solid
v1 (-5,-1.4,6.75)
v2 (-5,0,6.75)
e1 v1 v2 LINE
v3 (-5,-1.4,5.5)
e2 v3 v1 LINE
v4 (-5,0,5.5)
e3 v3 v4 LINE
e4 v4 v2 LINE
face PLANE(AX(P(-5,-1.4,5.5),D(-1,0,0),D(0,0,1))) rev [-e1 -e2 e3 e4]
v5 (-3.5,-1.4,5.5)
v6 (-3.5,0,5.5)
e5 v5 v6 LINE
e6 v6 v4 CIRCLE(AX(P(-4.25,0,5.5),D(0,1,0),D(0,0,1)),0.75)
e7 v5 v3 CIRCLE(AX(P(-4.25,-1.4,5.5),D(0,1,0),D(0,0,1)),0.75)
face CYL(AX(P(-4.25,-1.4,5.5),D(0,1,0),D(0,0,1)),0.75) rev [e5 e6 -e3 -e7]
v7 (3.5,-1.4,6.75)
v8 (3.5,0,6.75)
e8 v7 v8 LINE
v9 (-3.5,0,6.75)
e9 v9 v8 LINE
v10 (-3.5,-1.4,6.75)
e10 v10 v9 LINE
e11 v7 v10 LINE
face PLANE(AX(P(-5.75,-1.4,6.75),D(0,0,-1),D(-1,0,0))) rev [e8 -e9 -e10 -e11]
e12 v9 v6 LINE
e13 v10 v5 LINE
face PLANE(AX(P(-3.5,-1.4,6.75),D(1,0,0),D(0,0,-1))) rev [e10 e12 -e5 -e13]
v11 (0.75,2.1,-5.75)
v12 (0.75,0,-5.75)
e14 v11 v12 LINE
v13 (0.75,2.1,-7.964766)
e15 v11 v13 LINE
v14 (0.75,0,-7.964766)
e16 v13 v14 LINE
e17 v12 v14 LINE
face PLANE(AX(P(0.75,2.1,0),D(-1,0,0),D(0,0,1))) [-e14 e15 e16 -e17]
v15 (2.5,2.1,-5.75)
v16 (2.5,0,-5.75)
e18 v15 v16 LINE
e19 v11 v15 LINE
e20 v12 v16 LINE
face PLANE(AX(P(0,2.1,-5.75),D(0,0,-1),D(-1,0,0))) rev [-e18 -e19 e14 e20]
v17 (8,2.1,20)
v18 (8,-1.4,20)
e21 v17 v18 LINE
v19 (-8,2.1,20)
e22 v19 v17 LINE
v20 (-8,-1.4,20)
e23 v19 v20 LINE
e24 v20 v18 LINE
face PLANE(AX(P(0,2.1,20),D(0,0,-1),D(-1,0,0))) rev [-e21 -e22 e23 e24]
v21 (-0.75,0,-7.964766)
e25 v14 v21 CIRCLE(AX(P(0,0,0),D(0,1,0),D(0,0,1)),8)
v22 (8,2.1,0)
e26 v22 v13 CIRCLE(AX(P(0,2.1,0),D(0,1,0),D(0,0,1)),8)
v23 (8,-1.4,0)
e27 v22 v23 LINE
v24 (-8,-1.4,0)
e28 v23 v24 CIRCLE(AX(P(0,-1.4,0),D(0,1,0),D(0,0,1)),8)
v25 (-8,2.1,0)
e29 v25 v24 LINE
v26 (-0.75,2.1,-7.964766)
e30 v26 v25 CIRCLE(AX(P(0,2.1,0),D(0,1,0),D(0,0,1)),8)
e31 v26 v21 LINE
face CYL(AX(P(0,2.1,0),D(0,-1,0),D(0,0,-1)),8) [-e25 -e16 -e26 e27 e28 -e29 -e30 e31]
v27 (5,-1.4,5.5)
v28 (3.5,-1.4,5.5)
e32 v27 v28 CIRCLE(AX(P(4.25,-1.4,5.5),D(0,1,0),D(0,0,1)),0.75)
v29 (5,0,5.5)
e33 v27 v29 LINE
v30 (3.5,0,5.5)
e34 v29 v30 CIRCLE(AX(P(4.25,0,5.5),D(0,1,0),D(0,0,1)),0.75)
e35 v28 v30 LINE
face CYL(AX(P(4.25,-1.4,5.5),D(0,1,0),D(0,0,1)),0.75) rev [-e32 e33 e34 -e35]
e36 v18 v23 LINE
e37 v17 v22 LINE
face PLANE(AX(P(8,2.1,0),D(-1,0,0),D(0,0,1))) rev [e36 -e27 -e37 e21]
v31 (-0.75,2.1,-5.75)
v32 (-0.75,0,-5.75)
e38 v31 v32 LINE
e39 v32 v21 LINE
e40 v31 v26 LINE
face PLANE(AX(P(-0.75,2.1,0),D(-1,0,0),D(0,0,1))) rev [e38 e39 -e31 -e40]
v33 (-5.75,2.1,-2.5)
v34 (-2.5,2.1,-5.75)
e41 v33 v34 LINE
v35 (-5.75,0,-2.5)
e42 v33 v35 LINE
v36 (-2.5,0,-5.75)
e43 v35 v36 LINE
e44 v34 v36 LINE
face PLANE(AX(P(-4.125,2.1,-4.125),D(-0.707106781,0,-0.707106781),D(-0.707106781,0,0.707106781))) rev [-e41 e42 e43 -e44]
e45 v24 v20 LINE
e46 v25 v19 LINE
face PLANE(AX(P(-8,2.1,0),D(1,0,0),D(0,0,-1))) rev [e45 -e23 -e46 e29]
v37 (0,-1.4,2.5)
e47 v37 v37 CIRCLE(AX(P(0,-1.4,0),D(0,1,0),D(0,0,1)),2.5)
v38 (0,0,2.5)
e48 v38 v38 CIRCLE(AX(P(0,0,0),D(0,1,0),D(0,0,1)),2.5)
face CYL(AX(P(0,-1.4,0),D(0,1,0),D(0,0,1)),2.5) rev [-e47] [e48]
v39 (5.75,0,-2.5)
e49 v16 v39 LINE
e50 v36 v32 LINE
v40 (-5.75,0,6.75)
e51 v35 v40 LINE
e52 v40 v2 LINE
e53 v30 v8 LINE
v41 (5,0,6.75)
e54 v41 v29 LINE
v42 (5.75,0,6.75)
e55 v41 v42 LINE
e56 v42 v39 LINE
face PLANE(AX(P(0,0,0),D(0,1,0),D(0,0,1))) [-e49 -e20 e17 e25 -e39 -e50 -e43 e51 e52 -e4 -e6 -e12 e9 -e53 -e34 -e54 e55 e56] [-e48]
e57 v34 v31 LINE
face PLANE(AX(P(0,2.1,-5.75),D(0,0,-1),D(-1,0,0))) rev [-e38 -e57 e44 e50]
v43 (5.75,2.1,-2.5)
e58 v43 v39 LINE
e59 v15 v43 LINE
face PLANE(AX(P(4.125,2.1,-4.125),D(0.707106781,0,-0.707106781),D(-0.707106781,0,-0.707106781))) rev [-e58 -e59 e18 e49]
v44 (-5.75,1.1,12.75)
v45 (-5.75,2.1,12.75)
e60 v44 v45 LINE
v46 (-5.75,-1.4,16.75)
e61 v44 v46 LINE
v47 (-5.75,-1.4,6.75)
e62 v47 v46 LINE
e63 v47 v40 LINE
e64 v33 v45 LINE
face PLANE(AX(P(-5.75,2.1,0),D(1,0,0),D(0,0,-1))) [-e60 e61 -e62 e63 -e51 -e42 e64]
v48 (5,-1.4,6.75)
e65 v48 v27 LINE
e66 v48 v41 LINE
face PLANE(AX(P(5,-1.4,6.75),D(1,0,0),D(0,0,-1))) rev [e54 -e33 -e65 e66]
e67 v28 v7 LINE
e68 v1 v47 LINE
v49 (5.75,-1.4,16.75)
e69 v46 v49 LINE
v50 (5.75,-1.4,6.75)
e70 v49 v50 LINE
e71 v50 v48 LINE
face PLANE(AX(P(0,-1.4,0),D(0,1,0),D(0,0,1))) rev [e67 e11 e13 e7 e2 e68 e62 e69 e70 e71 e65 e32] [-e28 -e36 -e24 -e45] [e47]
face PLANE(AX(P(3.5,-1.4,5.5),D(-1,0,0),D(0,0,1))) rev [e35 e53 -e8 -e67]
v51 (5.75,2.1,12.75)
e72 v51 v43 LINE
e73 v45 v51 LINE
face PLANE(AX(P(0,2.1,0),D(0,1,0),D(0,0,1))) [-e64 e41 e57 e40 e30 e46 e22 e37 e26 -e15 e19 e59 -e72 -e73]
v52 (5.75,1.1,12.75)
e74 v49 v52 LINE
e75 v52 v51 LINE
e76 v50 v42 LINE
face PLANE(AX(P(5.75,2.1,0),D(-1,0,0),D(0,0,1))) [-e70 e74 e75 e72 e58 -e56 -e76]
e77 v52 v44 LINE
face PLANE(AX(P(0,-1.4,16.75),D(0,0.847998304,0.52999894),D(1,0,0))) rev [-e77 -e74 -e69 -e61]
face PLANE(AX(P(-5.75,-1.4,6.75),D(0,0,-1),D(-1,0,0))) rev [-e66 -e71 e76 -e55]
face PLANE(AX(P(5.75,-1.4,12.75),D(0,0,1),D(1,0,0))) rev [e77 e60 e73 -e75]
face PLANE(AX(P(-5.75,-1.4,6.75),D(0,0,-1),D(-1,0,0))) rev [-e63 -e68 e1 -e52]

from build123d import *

# Parameters (mm, degrees)
BOSS_EXTRUDE1_DEPTH = 2.1
BOSS_EXTRUDE2_START = -1.4
SKETCH2_R           = 2.5
BOSS_EXTRUDE2_DEPTH = 1.4
SKETCH3_W           = 11.5
SKETCH3_H           = 6
CUT_EXTRUDE1_DEPTH  = 22.823152843
CHAMFER1_SIZE       = 2.5
CHAMFER1_SIZE2      = 4


with BuildPart() as part:
    # Sketch1 → Boss-Extrude1 (new body)
    with BuildSketch(Plane(origin=(0, 0, 0), x_dir=(1, 0, 0), z_dir=(0, 1, 0))):
        with BuildLine():
            Line((-5.75, 2.5), (-2.5, 5.75))
            Line((-2.5, 5.75), (-0.75, 5.75))
            Line((-0.75, 5.75), (-0.75, 7.964766161))
            ThreePointArc((-0.75, 7.964766161), (-5.916079783, 5.385164807), (-8, 0))
            Line((-8, 0), (-8, -20))
            Line((-8, -20), (8, -20))
            Line((8, -20), (8, 0))
            ThreePointArc((8, 0), (5.916079783, 5.385164807), (0.75, 7.964766161))
            Line((0.75, 7.964766161), (0.75, 5.75))
            Line((0.75, 5.75), (2.5, 5.75))
            Line((2.5, 5.75), (5.75, 2.5))
            Line((5.75, 2.5), (5.75, -6.75))
            Line((5.75, -6.75), (-5.75, -6.75))
            Line((-5.75, -6.75), (-5.75, 2.5))
        make_face()
    extrude(amount=BOSS_EXTRUDE1_DEPTH)

    # Sketch2 → Boss-Extrude2 (add)
    with BuildSketch(Plane(origin=(0, 0, 0), x_dir=(1, 0, 0), z_dir=(0, 1, 0)).offset(BOSS_EXTRUDE2_START)):
        with BuildLine():
            Line((8, 0), (8, -20))
            Line((8, -20), (-8, -20))
            Line((-8, -20), (-8, 0))
            ThreePointArc((-8, 0), (0, 8), (8, 0))
        make_face()
        with Locations(Location((0, 0, 0), (0, 0, 270))):
            Circle(SKETCH2_R, mode=Mode.SUBTRACT)
        with BuildLine():
            Line((-5, -5.5), (-5, -6.75))
            Line((-5, -6.75), (-3.5, -6.75))
            Line((-3.5, -6.75), (-3.5, -5.5))
            ThreePointArc((-3.5, -5.5), (-4.25, -4.75), (-5, -5.5))
        make_face(mode=Mode.SUBTRACT)
        with BuildLine():
            Line((3.5, -5.5), (3.5, -6.75))
            Line((3.5, -6.75), (5, -6.75))
            Line((5, -6.75), (5, -5.5))
            ThreePointArc((5, -5.5), (4.25, -4.75), (3.5, -5.5))
        make_face(mode=Mode.SUBTRACT)
    extrude(amount=BOSS_EXTRUDE2_DEPTH)

    # Sketch3 → Cut-Extrude1 (cut, through all)
    with BuildSketch(Plane(origin=(0, 2.1, 0), x_dir=(1, 0, 0), z_dir=(0, 1, 0))):
        with Locations((0, -9.75)):
            Rectangle(SKETCH3_W, SKETCH3_H)
    extrude(amount=-CUT_EXTRUDE1_DEPTH, mode=Mode.SUBTRACT)

    # Chamfer1
    chamfer1_edges = [part.edges().sort_by_distance(p)[0] for p in [
        (0, -1.4, 12.75),
    ]]
    chamfer1_side = [part.faces().sort_by_distance(p)[0] for p in [
        (0, 0.35, 12.75),
    ]]
    chamfer(chamfer1_edges, length=CHAMFER1_SIZE, length2=CHAMFER1_SIZE2, reference=chamfer1_side[0])


solid = part.part
